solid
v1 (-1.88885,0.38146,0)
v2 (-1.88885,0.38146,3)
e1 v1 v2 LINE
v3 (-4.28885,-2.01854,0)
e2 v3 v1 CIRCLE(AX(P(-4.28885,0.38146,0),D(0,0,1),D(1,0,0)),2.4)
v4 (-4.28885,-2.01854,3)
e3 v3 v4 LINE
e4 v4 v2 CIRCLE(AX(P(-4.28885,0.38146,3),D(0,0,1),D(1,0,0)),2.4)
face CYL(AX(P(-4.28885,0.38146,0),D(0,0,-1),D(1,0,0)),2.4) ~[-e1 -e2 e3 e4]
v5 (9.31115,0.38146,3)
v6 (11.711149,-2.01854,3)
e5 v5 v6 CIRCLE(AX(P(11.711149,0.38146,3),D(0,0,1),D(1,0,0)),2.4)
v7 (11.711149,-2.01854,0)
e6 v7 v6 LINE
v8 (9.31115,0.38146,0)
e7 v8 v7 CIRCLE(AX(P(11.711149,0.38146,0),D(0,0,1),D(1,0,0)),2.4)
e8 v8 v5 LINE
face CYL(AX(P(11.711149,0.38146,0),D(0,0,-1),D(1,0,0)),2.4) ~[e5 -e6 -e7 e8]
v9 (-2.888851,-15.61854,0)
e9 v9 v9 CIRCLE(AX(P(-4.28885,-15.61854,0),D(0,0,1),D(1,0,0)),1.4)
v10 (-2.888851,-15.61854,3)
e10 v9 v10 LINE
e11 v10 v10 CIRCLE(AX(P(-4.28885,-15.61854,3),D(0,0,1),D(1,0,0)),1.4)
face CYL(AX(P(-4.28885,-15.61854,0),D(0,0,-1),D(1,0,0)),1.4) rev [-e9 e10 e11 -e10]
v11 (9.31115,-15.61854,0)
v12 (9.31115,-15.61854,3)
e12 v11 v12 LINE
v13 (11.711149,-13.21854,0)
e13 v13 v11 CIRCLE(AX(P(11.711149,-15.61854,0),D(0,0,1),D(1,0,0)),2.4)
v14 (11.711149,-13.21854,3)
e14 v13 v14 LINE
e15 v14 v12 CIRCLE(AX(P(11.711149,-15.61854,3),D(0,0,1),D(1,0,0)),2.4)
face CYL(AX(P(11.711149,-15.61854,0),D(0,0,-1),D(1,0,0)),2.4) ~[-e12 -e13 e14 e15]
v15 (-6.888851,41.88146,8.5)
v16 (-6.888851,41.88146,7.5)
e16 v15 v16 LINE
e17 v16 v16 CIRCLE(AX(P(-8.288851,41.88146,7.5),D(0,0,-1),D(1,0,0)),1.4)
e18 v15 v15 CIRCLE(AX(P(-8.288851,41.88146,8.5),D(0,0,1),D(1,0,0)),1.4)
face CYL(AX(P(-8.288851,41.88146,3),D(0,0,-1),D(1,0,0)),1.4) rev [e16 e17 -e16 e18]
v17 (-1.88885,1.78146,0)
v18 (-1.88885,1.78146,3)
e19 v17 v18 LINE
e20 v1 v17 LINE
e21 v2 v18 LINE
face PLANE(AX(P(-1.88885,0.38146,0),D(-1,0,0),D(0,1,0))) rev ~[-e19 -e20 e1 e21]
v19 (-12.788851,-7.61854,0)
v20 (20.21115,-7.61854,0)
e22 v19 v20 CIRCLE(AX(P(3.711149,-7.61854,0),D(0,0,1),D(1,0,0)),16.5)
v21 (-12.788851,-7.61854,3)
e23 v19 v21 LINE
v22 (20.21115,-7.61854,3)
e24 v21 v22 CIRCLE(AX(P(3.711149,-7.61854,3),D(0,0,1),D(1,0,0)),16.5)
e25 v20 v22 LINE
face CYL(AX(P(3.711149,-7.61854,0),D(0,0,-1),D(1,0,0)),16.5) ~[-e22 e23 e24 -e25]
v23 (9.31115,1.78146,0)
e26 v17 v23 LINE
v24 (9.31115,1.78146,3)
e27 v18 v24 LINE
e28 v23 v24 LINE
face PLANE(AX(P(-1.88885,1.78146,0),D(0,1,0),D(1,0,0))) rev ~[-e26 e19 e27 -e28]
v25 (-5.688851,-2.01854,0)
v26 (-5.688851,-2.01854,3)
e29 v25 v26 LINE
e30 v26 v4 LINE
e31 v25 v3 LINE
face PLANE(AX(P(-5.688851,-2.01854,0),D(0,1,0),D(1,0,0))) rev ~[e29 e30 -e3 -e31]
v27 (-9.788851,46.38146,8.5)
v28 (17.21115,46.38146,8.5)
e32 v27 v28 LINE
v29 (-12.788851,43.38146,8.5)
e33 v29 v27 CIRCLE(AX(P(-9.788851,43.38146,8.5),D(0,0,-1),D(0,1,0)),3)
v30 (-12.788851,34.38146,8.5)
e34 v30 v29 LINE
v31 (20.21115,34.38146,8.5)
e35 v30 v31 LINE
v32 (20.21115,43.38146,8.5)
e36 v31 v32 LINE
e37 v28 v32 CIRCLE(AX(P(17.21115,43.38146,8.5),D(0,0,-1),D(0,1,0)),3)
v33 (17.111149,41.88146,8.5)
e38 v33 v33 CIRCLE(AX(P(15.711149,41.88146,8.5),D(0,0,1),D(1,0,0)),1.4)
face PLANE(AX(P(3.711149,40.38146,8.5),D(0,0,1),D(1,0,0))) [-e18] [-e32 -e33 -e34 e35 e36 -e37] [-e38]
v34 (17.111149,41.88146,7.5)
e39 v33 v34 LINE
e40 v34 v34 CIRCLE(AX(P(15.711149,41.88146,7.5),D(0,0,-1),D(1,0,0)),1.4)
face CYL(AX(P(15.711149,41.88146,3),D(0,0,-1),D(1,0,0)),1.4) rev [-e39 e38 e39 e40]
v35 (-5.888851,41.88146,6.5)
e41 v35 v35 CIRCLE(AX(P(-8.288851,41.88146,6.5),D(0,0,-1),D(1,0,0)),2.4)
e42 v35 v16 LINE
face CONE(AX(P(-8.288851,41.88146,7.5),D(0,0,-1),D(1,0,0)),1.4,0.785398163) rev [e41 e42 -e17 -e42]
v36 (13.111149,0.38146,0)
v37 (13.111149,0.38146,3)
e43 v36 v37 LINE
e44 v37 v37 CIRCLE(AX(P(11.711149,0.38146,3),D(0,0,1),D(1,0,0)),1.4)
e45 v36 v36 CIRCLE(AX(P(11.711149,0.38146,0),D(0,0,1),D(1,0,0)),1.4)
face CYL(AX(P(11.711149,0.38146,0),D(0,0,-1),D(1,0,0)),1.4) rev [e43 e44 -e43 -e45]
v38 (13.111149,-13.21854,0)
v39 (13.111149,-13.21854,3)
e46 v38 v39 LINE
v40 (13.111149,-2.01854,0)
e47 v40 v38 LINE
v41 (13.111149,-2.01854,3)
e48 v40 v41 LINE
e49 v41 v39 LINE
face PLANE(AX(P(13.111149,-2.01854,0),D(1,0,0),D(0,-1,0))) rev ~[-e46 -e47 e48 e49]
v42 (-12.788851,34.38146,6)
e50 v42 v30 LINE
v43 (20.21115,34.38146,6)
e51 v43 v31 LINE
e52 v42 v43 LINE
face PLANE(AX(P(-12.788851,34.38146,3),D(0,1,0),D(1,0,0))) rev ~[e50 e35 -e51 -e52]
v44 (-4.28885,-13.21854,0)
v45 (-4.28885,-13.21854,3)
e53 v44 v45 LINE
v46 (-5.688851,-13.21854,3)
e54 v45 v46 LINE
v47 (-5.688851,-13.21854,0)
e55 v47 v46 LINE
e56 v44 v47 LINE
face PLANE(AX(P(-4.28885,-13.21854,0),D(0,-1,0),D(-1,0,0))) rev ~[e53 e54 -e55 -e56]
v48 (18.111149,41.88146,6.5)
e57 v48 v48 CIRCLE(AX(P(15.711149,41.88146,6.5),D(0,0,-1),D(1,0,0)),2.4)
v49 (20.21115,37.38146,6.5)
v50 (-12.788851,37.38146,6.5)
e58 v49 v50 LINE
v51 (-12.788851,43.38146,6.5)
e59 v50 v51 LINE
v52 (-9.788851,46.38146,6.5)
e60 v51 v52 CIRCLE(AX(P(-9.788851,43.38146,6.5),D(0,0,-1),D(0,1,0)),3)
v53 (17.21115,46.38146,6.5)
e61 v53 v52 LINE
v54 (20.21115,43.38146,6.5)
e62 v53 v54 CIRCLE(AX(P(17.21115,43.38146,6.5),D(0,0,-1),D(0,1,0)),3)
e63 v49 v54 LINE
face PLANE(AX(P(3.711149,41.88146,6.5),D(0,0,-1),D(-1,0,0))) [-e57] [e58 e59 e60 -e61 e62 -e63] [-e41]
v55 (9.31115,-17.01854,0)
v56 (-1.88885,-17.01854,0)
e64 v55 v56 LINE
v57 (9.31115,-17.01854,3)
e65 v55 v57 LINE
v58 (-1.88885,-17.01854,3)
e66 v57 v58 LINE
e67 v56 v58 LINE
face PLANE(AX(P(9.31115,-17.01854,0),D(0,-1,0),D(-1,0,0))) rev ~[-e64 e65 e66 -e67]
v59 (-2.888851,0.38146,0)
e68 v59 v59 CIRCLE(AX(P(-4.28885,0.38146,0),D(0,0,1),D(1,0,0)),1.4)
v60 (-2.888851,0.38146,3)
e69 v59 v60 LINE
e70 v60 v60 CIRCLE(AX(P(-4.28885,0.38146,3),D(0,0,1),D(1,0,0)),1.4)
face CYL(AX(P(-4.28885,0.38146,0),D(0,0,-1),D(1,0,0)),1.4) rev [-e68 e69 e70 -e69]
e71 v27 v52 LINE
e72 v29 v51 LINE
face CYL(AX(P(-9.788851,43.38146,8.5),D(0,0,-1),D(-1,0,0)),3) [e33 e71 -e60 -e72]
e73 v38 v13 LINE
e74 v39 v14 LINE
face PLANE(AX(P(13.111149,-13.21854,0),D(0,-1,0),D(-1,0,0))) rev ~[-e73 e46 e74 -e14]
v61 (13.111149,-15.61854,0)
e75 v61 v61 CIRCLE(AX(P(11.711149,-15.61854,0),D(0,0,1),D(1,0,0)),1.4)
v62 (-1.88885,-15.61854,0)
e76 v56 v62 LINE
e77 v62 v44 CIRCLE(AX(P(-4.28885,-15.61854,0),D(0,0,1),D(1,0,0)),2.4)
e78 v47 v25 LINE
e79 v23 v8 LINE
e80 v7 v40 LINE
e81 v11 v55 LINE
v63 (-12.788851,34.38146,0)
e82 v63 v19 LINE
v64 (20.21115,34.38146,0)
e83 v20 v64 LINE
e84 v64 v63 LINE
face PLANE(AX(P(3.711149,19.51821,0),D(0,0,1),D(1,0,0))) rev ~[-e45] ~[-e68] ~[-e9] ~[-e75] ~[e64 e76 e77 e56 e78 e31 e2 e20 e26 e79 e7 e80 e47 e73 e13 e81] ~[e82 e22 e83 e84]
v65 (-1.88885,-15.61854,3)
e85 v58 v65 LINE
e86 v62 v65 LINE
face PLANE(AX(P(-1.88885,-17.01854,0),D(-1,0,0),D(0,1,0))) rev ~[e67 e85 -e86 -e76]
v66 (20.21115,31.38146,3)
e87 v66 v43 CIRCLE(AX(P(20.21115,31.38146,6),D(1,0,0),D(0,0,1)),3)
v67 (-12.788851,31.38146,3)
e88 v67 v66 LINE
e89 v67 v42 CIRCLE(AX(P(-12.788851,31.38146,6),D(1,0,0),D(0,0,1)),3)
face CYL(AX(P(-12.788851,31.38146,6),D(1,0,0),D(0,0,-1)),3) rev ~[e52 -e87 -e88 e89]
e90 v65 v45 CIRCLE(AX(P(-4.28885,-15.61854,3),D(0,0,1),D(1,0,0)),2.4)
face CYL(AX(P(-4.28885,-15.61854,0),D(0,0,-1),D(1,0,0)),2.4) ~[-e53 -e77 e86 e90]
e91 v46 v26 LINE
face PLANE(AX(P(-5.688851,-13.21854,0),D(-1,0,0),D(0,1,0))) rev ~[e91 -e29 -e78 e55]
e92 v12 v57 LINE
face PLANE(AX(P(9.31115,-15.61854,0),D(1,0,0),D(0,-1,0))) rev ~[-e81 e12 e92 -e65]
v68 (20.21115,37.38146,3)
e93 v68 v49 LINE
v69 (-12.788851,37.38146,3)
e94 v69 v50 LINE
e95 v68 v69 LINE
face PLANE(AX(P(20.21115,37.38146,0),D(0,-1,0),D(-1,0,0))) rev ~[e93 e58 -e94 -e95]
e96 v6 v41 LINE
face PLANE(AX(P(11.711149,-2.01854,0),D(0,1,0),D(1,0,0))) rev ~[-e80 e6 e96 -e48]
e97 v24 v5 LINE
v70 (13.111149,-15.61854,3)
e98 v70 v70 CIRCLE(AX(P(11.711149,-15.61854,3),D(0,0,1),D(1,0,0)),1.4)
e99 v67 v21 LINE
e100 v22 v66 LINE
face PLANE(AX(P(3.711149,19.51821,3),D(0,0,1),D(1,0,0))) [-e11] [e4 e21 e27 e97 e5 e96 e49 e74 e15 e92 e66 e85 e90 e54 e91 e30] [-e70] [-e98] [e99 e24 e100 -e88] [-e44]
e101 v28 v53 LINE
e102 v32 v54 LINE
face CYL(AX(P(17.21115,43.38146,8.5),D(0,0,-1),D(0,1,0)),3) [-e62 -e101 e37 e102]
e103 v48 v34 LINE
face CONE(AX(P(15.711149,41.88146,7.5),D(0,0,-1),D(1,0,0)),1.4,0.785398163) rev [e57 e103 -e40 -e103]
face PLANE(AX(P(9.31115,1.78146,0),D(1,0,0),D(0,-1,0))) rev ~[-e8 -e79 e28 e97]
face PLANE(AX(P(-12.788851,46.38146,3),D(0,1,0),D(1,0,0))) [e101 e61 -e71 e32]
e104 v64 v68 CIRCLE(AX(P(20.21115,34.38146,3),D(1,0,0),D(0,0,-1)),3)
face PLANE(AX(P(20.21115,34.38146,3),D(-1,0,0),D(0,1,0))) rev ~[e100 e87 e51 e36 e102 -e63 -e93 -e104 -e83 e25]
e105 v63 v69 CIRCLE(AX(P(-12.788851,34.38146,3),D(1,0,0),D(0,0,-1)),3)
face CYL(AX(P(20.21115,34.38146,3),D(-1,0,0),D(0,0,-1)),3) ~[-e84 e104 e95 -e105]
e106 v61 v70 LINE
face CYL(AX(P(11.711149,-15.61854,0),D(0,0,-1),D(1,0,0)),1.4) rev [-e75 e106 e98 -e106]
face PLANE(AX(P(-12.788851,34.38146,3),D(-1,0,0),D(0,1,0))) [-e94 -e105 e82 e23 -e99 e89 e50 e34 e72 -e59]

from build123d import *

# Parameters (mm, degrees)
SKETCH1_R           = 16.5
SKETCH1_R_2         = 2.4
SKETCH1_R_3         = 1.4
BOSS_EXTRUDE1_DEPTH = 3
BOSS_EXTRUDE2_START = -3
SKETCH3_R           = 1.4
BOSS_EXTRUDE2_DEPTH = 3
SKETCH4_W           = 33
SKETCH4_H           = 12
SKETCH4_R           = 1.4
BOSS_EXTRUDE3_DEPTH = 5.5
SKETCH5_W           = 33
SKETCH5_H           = 9
CUT_EXTRUDE1_DEPTH  = 6.5
FILLET1_R           = 3
CHAMFER1_SIZE       = 1


with BuildPart() as part:
    # Sketch1 → Boss-Extrude1 (new body)
    # profile 1 of 5: a face of its own
    with BuildSketch(Plane.XY):
        with Locations((3.7111495, -7.618539739)):
            Circle(SKETCH1_R)
        with BuildLine():
            ThreePointArc((-4.2888505, -2.018539739), (-5.985906775, 2.078516536), (-1.8888505, 0.381460261))
            Line((-1.8888505, 0.381460261), (-1.8888505, 1.781460261))
            Line((-1.8888505, 1.781460261), (9.3111495, 1.781460261))
            Line((9.3111495, 1.781460261), (9.3111495, 0.381460261))
            ThreePointArc((9.3111495, 0.381460261), (11.7111495, 2.781460261), (14.1111495, 0.381460261))
            ThreePointArc((14.1111495, 0.381460261), (13.408205775, -1.315596014), (11.7111495, -2.018539739))
            Line((11.7111495, -2.018539739), (13.1111495, -2.018539739))
            Line((13.1111495, -2.018539739), (13.1111495, -13.218539739))
            Line((13.1111495, -13.218539739), (11.7111495, -13.218539739))
            ThreePointArc((11.7111495, -13.218539739), (13.408205775, -13.921483464), (14.1111495, -15.618539739))
            ThreePointArc((14.1111495, -15.618539739), (11.7111495, -18.018539739), (9.3111495, -15.618539739))
            Line((9.3111495, -15.618539739), (9.3111495, -17.018539739))
            Line((9.3111495, -17.018539739), (-1.8888505, -17.018539739))
            Line((-1.8888505, -17.018539739), (-1.8888505, -15.618539739))
            ThreePointArc((-1.8888505, -15.618539739), (-5.985906775, -17.315596014), (-4.2888505, -13.218539739))
            Line((-4.2888505, -13.218539739), (-5.6888505, -13.218539739))
            Line((-5.6888505, -13.218539739), (-5.6888505, -2.018539739))
            Line((-5.6888505, -2.018539739), (-4.2888505, -2.018539739))
        make_face(mode=Mode.SUBTRACT)
    # profile 2 of 5: a face of its own
    with BuildSketch(Plane.XY):
        with Locations((11.7111495, -15.618539739)):
            Circle(SKETCH1_R_2)
        with Locations((11.7111495, -15.618539739)):
            Circle(SKETCH1_R_3, mode=Mode.SUBTRACT)
    # profile 3 of 5: a face of its own
    with BuildSketch(Plane.XY):
        with Locations((-4.2888505, -15.618539739)):
            Circle(SKETCH1_R_2)
        with Locations((-4.2888505, -15.618539739)):
            Circle(SKETCH1_R_3, mode=Mode.SUBTRACT)
    # profile 4 of 5: a face of its own
    with BuildSketch(Plane.XY):
        with Locations((-4.2888505, 0.381460261)):
            Circle(SKETCH1_R_2)
        with Locations((-4.2888505, 0.381460261)):
            Circle(SKETCH1_R_3, mode=Mode.SUBTRACT)
    # profile 5 of 5: a face of its own
    with BuildSketch(Plane.XY):
        with Locations((11.7111495, 0.381460261)):
            Circle(SKETCH1_R_2)
        with Locations((11.7111495, 0.381460261)):
            Circle(SKETCH1_R_3, mode=Mode.SUBTRACT)
    extrude(amount=BOSS_EXTRUDE1_DEPTH)

    # Sketch3 → Boss-Extrude2 (add)
    with BuildSketch(Plane.XY.offset(3).offset(BOSS_EXTRUDE2_START)):
        with BuildLine():
            Line((-12.7888505, 46.381460261), (-12.7888505, -7.618539739))
            ThreePointArc((-12.7888505, -7.618539739), (3.7111495, 8.881460261), (20.2111495, -7.618539739))
            Line((20.2111495, -7.618539739), (20.2111495, 46.381460261))
            Line((20.2111495, 46.381460261), (-12.7888505, 46.381460261))
        make_face()
        with Locations((-8.2888505, 41.881460261)):
            Circle(SKETCH3_R, mode=Mode.SUBTRACT)
        with Locations((15.7111495, 41.881460261)):
            Circle(SKETCH3_R, mode=Mode.SUBTRACT)
    extrude(amount=BOSS_EXTRUDE2_DEPTH)

    # Sketch4 → Boss-Extrude3 (add)
    with BuildSketch(Plane.XY.offset(3)):
        with Locations((3.7111495, 40.381460261)):
            Rectangle(SKETCH4_W, SKETCH4_H)
        with Locations((-8.2888505, 41.881460261)):
            Circle(SKETCH4_R, mode=Mode.SUBTRACT)
        with Locations((15.7111495, 41.881460261)):
            Circle(SKETCH4_R, mode=Mode.SUBTRACT)
    extrude(amount=BOSS_EXTRUDE3_DEPTH)

    # Sketch5 → Cut-Extrude1 (cut)
    with BuildSketch(Plane(origin=(0, 0, 0), x_dir=(-1, 0, 0), z_dir=(0, 0, -1))):
        with Locations((-3.7111495, 41.881460261)):
            Rectangle(SKETCH5_W, SKETCH5_H)
    extrude(amount=-CUT_EXTRUDE1_DEPTH, mode=Mode.SUBTRACT)

    # Fillet1
    fillet1_edges = [part.edges().sort_by_distance(p)[0] for p in [
        (20.2111495, 46.381460261, 7.5),
        (-12.7888505, 46.381460261, 7.5),
        (3.7111495, 37.381460261, 0),
        (3.7111495, 34.381460261, 3),
    ]]
    fillet(fillet1_edges, radius=FILLET1_R)

    # Chamfer1
    chamfer1_edges = [part.edges().sort_by_distance(p)[0] for p in [
        (-9.6888505, 41.881460261, 6.5),
        (14.3111495, 41.881460261, 6.5),
    ]]
    chamfer(chamfer1_edges, length=CHAMFER1_SIZE)


solid = part.part
